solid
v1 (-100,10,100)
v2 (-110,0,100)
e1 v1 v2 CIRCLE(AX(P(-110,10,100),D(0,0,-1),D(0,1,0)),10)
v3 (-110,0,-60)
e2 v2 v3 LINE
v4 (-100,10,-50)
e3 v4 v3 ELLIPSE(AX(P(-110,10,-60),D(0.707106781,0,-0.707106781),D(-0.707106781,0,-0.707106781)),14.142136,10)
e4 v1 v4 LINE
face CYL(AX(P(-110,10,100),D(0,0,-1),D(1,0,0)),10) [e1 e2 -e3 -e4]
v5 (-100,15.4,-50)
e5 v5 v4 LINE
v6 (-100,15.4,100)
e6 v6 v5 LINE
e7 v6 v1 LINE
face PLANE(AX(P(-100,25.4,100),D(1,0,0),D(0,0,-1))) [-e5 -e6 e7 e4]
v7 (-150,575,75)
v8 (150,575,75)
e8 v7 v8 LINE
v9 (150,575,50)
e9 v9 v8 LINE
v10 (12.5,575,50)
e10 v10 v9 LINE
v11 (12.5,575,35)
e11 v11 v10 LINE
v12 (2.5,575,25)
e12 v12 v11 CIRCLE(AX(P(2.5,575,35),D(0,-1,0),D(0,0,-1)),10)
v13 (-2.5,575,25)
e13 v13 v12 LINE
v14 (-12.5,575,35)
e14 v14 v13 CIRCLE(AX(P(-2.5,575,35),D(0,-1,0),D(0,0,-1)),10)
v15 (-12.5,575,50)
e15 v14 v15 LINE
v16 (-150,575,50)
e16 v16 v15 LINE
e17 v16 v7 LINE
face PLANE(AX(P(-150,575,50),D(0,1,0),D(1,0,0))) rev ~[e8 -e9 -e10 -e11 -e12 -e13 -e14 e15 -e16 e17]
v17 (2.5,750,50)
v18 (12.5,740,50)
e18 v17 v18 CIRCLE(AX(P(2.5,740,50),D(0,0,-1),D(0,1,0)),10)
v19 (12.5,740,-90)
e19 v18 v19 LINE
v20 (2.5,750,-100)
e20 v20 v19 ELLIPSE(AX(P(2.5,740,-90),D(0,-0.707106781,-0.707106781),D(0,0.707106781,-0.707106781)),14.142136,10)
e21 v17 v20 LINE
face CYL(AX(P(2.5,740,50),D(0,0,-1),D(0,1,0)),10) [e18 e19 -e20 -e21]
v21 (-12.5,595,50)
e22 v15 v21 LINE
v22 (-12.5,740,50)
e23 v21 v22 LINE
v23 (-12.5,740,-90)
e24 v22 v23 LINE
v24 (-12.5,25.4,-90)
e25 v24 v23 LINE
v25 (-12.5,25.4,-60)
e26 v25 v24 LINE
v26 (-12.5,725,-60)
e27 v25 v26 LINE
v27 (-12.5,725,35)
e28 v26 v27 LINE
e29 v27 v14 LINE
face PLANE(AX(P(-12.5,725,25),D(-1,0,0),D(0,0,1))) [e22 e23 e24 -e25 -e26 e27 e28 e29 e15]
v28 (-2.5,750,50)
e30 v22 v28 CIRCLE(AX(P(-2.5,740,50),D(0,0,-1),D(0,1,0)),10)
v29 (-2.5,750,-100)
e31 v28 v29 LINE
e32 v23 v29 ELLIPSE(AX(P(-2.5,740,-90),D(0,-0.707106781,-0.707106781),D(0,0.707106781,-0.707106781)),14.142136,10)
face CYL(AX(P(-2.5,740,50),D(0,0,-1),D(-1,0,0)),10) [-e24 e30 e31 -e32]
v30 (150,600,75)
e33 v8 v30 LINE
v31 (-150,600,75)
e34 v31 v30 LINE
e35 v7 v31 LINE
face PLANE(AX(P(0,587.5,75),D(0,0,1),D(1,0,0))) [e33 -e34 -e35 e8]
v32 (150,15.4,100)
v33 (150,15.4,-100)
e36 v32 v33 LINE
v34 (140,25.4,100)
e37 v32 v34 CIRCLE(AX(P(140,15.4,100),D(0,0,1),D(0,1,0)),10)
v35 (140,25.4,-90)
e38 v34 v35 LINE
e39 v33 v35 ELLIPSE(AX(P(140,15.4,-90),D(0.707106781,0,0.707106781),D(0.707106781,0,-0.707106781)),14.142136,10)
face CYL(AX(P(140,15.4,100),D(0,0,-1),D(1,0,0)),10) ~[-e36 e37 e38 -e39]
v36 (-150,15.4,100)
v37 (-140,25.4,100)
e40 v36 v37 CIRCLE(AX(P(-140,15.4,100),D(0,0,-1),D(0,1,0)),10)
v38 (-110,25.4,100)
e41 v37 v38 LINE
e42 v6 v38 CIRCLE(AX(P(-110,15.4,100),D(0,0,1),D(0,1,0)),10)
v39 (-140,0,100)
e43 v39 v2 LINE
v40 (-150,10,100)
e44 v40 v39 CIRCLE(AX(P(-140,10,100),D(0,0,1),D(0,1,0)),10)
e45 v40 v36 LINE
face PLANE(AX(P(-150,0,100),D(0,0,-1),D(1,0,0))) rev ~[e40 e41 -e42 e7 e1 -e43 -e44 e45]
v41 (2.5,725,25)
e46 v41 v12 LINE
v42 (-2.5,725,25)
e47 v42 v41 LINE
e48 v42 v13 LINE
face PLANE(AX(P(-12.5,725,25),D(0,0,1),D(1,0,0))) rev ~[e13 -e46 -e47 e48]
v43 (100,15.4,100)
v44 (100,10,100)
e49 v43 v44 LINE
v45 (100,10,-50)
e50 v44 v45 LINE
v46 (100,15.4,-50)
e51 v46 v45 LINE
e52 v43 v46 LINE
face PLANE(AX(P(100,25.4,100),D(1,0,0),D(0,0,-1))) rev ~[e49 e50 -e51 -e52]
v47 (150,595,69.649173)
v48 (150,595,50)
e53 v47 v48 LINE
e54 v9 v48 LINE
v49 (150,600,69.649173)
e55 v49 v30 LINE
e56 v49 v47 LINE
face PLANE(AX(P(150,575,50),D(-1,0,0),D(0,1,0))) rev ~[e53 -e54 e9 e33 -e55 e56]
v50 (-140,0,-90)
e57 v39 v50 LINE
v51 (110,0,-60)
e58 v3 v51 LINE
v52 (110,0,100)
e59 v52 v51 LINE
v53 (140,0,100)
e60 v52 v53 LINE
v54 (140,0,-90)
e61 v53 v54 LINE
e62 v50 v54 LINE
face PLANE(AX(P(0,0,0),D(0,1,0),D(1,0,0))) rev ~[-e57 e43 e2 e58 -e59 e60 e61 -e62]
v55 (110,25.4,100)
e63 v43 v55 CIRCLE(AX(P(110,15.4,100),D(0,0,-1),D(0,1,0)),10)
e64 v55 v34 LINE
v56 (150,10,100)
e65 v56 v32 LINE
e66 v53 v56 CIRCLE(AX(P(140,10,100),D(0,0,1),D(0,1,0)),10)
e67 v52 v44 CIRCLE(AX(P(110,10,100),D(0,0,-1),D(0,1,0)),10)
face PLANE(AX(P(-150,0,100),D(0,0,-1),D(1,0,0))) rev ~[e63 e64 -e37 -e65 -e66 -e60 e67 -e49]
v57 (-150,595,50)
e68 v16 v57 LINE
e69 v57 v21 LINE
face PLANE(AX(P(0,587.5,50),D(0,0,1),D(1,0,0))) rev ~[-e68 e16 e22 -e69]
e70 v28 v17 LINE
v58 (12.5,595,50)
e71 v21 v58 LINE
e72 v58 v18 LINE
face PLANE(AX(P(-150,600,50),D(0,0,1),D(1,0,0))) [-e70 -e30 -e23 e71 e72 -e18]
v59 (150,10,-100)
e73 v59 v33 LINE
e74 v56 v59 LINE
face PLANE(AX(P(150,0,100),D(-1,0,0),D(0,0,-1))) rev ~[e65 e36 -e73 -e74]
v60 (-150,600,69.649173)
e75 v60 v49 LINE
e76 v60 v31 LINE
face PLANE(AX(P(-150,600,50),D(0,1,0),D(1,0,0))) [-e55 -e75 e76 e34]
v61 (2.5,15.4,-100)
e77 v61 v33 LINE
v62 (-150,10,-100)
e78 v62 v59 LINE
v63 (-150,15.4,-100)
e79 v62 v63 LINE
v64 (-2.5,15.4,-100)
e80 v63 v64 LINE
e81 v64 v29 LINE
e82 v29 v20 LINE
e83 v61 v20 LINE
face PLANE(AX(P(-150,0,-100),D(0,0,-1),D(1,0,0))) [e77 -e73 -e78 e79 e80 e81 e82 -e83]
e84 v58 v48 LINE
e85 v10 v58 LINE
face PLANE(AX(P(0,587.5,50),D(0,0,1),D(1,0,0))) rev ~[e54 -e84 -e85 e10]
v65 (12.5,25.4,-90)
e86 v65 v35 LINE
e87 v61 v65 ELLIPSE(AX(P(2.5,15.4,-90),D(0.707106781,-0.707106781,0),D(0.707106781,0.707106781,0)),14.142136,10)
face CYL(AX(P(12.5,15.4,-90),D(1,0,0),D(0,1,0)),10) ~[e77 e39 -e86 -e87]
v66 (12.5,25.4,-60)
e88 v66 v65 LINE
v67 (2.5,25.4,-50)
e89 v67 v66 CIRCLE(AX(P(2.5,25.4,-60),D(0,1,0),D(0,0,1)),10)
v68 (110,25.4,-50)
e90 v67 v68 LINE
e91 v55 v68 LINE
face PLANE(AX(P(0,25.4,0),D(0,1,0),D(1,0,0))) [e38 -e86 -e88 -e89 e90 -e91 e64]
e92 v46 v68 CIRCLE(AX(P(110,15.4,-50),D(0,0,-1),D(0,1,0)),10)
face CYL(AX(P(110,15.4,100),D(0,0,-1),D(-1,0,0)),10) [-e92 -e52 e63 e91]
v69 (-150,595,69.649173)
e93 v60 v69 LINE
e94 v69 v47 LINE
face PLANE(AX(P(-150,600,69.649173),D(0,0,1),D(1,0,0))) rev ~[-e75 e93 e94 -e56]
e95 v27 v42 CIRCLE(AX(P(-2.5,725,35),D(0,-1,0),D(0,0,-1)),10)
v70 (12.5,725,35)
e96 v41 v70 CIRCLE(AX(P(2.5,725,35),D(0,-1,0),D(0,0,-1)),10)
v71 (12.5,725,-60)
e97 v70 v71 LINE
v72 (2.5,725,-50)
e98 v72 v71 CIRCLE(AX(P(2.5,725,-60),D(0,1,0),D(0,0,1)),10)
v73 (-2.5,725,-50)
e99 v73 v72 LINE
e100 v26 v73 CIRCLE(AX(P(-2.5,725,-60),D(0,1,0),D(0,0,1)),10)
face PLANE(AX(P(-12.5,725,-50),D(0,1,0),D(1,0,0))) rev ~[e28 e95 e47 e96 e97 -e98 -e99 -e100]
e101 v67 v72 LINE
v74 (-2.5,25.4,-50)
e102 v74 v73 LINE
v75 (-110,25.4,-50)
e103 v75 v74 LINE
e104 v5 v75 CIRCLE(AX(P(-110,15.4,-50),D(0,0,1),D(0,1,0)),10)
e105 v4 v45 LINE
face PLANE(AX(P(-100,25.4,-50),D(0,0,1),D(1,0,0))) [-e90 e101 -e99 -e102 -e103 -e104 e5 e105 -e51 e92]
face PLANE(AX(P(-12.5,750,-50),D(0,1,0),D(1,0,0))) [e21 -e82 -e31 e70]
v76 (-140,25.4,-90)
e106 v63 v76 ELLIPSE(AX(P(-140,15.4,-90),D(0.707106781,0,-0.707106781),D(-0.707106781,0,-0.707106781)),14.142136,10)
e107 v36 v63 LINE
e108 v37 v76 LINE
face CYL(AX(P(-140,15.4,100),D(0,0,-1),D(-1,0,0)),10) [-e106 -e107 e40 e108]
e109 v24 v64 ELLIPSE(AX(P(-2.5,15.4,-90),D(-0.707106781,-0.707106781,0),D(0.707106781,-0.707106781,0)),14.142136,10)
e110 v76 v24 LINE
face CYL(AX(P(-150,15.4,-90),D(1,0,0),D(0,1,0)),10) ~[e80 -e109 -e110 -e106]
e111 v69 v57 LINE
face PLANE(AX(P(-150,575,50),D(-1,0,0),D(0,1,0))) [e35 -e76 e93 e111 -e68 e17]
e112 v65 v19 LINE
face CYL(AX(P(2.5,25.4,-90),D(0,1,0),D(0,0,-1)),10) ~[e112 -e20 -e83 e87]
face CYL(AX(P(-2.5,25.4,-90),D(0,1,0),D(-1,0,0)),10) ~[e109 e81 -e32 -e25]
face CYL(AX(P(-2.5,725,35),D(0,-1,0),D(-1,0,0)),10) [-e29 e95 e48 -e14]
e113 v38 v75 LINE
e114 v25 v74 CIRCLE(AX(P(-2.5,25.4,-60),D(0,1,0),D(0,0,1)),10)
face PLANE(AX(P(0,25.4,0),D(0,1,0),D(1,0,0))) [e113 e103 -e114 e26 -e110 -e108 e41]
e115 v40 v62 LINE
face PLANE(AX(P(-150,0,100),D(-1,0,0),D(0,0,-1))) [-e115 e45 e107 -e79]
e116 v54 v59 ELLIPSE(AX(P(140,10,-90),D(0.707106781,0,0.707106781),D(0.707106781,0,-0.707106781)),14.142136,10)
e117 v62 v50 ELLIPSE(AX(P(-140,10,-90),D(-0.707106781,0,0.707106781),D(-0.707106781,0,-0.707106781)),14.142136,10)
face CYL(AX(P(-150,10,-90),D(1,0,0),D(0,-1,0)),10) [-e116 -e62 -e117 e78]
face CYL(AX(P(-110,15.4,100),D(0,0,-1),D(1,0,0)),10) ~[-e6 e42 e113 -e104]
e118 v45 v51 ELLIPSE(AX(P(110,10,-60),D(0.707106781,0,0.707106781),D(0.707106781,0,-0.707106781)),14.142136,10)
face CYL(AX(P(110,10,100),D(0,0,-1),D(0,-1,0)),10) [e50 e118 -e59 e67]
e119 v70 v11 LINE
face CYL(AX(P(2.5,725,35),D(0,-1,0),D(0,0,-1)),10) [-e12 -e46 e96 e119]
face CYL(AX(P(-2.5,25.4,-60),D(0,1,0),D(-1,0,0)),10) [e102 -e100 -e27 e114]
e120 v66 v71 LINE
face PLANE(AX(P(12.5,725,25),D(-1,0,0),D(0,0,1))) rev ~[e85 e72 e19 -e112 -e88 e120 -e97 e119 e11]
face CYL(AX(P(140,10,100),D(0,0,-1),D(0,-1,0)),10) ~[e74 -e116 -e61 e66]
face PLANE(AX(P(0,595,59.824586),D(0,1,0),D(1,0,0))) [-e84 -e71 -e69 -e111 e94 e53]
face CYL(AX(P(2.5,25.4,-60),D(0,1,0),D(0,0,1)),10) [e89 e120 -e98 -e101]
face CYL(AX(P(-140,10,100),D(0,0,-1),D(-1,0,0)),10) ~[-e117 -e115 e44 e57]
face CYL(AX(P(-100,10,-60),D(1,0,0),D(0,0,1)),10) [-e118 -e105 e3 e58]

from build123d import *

# Parameters (mm, degrees)
SKETCH1_W           = 300
SKETCH1_H           = 200
BOSS_EXTRUDE1_DEPTH = 25.4
SKETCH2_W           = 200
SKETCH2_H           = 150
CUT_EXTRUDE1_DEPTH  = 25.4
SKETCH3_W           = 25
SKETCH3_H           = 50
BOSS_EXTRUDE2_DEPTH = 724.6
SKETCH5_W           = 25
SKETCH5_H           = 25
BOSS_EXTRUDE3_DEPTH = 100
SKETCH6_W           = 25
SKETCH6_H           = 25
BOSS_EXTRUDE4_DEPTH = 150
SKETCH7_W           = 300
SKETCH7_H           = 25
BOSS_EXTRUDE5_DEPTH = 25
SKETCH8_W           = 300
SKETCH8_H           = 19.64917274
CUT_EXTRUDE2_DEPTH  = 5
FILLET1_R           = 10


with BuildPart() as part:
    # Sketch1 → Boss-Extrude1 (new body)
    with BuildSketch(Plane(origin=(0, 0, 0), x_dir=(1, 0, 0), z_dir=(0, 1, 0))):
        Rectangle(SKETCH1_W, SKETCH1_H)
    extrude(amount=BOSS_EXTRUDE1_DEPTH)

    # Sketch2 → Cut-Extrude1 (cut)
    with BuildSketch(Plane(origin=(0, 25.4, 0), x_dir=(1, 0, 0), z_dir=(0, 1, 0))):
        with Locations((0, -25)):
            Rectangle(SKETCH2_W, SKETCH2_H)
    extrude(amount=-CUT_EXTRUDE1_DEPTH, mode=Mode.SUBTRACT)

    # Sketch3 → Boss-Extrude2 (add)
    with BuildSketch(Plane(origin=(0, 25.4, 0), x_dir=(1, 0, 0), z_dir=(0, 1, 0))):
        with Locations((0, 75)):
            Rectangle(SKETCH3_W, SKETCH3_H)
    extrude(amount=BOSS_EXTRUDE2_DEPTH)

    # Sketch5 → Boss-Extrude3 (add)
    with BuildSketch(Plane.XY.offset(-50)):
        with Locations((0, 737.5)):
            Rectangle(SKETCH5_W, SKETCH5_H)
    extrude(amount=BOSS_EXTRUDE3_DEPTH)

    # Sketch6 → Boss-Extrude4 (add)
    with BuildSketch(Plane.XZ.offset(-725)):
        with Locations((0, 37.5)):
            Rectangle(SKETCH6_W, SKETCH6_H)
    extrude(amount=BOSS_EXTRUDE4_DEPTH)

    # Sketch7 → Boss-Extrude5 (add)
    with BuildSketch(Plane.XY.offset(50)):
        with Locations((0, 587.5)):
            Rectangle(SKETCH7_W, SKETCH7_H)
    extrude(amount=BOSS_EXTRUDE5_DEPTH)

    # Sketch8 → Cut-Extrude2 (cut)
    with BuildSketch(Plane(origin=(0, 600, 0), x_dir=(1, 0, 0), z_dir=(0, 1, 0))):
        with Locations((0, -59.82458637)):
            Rectangle(SKETCH8_W, SKETCH8_H)
    extrude(amount=-CUT_EXTRUDE2_DEPTH, mode=Mode.SUBTRACT)

    # Fillet1
    fillet1_edges = [part.edges().sort_by_distance(p)[0] for p in [
        (-150, 25.4, 0),
        (-100, 0, 25),
        (0, 0, -50),
        (100, 0, 25),
        (-100, 25.4, 25),
        (100, 25.4, 25),
        (-81.25, 25.4, -100),
        (12.5, 387.7, -100),
        (-12.5, 387.7, -100),
        (12.5, 750, -25),
        (-12.5, 750, -25),
        (-12.5, 375.2, -50),
        (12.5, 375.2, -50),
        (150, 25.4, 0),
        (-150, 0, 0),
        (0, 0, -100),
        (-12.5, 650, 25),
        (12.5, 650, 25),
        (150, 0, 0),
        (81.25, 25.4, -100),
    ]]
    fillet(fillet1_edges, radius=FILLET1_R)


solid = part.part
